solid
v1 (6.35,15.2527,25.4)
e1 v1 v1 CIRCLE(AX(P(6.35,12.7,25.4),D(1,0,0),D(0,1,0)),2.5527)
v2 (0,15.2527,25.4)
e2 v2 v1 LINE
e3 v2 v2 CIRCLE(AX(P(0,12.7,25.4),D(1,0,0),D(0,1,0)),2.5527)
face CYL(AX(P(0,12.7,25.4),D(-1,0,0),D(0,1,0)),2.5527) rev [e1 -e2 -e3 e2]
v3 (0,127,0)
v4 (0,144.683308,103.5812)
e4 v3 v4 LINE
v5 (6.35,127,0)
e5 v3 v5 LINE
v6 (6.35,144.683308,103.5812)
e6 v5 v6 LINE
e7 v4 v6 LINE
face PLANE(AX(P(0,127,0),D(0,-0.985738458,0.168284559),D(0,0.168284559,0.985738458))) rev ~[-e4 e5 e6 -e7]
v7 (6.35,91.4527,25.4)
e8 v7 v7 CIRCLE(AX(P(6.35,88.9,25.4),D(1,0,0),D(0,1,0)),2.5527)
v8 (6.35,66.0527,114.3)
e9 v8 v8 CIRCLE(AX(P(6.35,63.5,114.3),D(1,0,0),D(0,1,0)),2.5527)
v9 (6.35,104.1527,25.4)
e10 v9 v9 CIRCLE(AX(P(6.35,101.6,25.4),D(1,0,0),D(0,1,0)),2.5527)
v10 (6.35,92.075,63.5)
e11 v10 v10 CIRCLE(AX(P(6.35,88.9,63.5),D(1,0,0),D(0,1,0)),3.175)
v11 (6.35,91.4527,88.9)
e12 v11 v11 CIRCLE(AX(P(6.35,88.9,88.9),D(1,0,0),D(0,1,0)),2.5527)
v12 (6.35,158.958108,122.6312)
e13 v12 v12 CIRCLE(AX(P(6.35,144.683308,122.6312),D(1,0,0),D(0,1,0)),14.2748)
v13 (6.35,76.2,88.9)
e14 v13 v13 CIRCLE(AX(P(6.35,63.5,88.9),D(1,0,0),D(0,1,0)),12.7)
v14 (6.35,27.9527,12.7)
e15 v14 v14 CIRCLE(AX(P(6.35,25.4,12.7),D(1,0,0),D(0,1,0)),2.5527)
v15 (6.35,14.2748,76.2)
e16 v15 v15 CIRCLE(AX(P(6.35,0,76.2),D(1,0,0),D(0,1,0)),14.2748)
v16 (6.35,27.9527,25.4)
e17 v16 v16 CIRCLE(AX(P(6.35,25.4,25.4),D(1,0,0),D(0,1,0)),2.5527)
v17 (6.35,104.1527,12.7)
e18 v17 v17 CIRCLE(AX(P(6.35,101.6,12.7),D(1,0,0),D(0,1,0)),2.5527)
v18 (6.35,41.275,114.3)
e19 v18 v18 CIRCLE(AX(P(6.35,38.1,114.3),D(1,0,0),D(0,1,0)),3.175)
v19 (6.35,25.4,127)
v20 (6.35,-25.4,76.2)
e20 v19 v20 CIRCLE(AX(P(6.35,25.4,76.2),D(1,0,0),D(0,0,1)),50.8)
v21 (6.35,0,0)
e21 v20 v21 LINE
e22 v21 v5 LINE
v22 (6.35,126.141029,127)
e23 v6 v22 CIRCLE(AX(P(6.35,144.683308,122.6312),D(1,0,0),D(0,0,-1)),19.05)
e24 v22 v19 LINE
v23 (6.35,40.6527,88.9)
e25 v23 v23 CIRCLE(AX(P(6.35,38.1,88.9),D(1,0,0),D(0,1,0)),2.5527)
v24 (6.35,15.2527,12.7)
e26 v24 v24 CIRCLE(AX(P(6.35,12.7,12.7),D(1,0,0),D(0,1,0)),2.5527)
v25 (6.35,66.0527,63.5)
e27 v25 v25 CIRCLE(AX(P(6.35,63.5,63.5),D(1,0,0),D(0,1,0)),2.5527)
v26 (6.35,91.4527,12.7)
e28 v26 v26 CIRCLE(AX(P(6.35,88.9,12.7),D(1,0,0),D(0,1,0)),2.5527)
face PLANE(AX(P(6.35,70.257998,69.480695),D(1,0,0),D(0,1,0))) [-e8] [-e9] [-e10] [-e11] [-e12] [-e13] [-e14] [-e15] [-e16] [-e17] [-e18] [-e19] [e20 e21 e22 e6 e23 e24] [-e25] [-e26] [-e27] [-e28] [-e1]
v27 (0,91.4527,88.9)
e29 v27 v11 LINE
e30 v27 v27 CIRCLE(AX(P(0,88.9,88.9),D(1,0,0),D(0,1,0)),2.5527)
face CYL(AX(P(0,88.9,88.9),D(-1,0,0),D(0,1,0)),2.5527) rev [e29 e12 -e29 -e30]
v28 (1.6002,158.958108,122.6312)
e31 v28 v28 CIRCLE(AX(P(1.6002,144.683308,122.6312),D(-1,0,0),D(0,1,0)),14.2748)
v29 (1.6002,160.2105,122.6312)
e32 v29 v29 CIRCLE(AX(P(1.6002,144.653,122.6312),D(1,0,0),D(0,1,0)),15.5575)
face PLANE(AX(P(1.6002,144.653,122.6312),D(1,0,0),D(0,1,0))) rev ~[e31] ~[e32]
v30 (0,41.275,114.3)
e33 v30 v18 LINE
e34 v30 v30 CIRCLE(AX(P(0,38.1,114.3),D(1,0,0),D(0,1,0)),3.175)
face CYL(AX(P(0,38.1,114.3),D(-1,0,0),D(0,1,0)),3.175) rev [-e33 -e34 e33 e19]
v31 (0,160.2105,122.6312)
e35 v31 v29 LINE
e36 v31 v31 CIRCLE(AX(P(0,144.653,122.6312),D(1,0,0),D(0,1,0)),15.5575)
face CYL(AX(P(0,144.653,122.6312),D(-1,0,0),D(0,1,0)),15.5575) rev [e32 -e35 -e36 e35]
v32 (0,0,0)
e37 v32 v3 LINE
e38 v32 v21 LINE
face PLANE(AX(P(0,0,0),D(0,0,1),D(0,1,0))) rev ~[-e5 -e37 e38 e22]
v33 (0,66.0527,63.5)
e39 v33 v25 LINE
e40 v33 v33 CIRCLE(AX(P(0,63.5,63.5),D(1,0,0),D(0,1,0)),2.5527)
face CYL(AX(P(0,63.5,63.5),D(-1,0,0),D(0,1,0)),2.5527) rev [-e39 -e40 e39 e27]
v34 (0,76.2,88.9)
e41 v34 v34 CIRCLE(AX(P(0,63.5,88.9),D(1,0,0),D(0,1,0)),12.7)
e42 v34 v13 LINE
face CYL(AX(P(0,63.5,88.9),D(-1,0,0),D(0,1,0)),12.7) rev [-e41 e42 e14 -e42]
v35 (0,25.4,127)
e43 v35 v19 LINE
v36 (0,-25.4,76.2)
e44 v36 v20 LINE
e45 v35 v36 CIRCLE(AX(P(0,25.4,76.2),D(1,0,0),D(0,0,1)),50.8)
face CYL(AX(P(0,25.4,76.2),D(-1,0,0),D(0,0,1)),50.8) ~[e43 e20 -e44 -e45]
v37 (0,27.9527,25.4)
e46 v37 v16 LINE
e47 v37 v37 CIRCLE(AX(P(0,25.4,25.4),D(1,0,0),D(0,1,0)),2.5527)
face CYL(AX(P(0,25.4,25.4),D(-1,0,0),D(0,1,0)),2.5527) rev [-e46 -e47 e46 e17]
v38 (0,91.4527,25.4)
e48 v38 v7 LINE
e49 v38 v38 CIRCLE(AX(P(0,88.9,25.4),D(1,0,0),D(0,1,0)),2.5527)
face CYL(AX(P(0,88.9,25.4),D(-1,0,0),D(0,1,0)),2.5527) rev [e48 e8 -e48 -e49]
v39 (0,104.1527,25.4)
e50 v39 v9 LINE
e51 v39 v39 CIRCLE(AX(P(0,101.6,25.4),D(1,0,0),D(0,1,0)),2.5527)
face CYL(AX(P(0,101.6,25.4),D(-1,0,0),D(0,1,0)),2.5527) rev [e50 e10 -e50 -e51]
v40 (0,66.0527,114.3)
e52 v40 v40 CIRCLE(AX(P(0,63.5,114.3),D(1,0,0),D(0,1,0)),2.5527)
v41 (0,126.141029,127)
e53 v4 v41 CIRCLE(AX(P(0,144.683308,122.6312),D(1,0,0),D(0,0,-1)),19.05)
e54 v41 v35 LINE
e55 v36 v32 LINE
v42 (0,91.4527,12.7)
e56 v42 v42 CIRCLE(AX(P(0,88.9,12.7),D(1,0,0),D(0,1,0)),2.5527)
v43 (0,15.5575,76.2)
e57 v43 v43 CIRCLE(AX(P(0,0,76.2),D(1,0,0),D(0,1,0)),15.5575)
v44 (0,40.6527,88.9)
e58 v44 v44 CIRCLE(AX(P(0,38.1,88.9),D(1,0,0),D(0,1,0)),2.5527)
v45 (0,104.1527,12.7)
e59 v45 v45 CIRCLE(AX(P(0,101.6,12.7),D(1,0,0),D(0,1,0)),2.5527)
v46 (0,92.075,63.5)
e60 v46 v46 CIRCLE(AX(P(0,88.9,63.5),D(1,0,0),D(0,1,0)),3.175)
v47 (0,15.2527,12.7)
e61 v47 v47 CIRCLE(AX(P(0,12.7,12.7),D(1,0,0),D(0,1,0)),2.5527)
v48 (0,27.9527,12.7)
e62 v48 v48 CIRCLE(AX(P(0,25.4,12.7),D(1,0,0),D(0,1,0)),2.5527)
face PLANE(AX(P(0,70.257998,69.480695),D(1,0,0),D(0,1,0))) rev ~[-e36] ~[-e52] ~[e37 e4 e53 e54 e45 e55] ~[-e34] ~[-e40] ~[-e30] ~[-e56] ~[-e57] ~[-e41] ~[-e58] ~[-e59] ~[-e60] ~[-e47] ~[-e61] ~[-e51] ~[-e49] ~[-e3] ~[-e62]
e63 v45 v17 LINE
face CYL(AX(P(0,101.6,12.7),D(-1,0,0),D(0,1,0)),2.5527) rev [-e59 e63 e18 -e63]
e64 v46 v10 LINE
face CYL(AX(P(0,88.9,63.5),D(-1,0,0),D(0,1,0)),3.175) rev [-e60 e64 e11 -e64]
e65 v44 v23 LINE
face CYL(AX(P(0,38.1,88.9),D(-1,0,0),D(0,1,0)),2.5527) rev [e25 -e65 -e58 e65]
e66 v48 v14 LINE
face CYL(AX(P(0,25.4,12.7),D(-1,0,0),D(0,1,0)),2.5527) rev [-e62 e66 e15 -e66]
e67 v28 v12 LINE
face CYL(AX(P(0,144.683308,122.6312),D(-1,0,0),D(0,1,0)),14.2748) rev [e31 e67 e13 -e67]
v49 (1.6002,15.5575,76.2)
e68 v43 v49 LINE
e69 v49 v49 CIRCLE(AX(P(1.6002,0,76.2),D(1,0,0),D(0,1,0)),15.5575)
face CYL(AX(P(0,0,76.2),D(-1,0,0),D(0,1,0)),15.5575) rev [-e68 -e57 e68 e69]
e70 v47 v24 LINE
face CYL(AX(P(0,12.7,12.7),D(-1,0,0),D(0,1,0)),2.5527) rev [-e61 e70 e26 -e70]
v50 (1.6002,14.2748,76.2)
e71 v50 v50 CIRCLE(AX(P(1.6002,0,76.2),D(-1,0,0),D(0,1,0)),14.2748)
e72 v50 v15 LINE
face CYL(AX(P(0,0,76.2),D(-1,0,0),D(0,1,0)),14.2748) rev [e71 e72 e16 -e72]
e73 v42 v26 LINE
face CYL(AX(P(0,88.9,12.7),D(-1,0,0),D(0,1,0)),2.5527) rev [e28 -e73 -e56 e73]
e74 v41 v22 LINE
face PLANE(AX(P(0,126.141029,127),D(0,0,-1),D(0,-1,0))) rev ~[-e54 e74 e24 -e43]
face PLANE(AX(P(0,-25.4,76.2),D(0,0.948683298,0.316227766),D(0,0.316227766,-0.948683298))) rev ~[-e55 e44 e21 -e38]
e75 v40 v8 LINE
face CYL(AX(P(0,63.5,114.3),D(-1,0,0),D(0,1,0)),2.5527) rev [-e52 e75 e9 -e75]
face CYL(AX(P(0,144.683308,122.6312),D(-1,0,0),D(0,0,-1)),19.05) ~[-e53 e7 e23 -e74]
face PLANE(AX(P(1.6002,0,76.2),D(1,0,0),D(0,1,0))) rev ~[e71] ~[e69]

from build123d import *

# Parameters (mm, degrees)
F0_R     = 2.5527
F0_R_2   = 3.175
F0_R_3   = 14.2748
F0_R_4   = 12.7
F1_DEPTH = 6.35
F2_R     = 15.5575
F3_DEPTH = 1.6002


with BuildPart() as f1:
    # F0 (on Right) → F1 (new body)
    with BuildSketch(Plane.YZ):
        with BuildLine():
            Line((126.1410294417, 127), (25.4, 127))
            ThreePointArc((25.4, 127), (-10.5210244843, 112.1210244843), (-25.4, 76.2))
            Line((-25.4, 76.2), (0, 0))
            Line((0, 0), (12.7, 0))
            Line((12.7, 0), (25.4, 0))
            Line((25.4, 0), (101.6, 0))
            Line((101.6, 0), (127, 0))
            Line((127, 0), (144.6833077958, 103.5812))
            ThreePointArc((144.6833077958, 103.5812), (159.618637387, 134.4565300165), (126.1410294417, 127))
        make_face()
        with Locations((12.7, 12.7)):
            Circle(F0_R, mode=Mode.SUBTRACT)
        with Locations((12.7, 25.4)):
            Circle(F0_R, mode=Mode.SUBTRACT)
        with Locations((25.4, 12.7)):
            Circle(F0_R, mode=Mode.SUBTRACT)
        with Locations((25.4, 25.4)):
            Circle(F0_R, mode=Mode.SUBTRACT)
        with Locations((63.5, 63.5)):
            Circle(F0_R, mode=Mode.SUBTRACT)
        with Locations((88.9, 12.7)):
            Circle(F0_R, mode=Mode.SUBTRACT)
        with Locations((101.6, 12.7)):
            Circle(F0_R, mode=Mode.SUBTRACT)
        with Locations((88.9, 25.4)):
            Circle(F0_R, mode=Mode.SUBTRACT)
        with Locations((101.6, 25.4)):
            Circle(F0_R, mode=Mode.SUBTRACT)
        with Locations((88.9, 63.5)):
            Circle(F0_R_2, mode=Mode.SUBTRACT)
        with Locations((0, 76.2)):
            Circle(F0_R_3, mode=Mode.SUBTRACT)
        with Locations((38.1, 88.9)):
            Circle(F0_R, mode=Mode.SUBTRACT)
        with Locations((63.5, 88.9)):
            Circle(F0_R_4, mode=Mode.SUBTRACT)
        with Locations((38.1, 114.3)):
            Circle(F0_R_2, mode=Mode.SUBTRACT)
        with Locations((63.5, 114.3)):
            Circle(F0_R, mode=Mode.SUBTRACT)
        with Locations((88.9, 88.9)):
            Circle(F0_R, mode=Mode.SUBTRACT)
        with Locations((144.6833077958, 122.6312)):
            Circle(F0_R_3, mode=Mode.SUBTRACT)
    extrude(amount=F1_DEPTH)

    # F2 (on Right) → F3 (cut)
    with BuildSketch(Plane.YZ):
        with Locations((0, 76.2)):
            Circle(F2_R)
        with Locations((144.653, 122.6312)):
            Circle(F2_R)
    extrude(amount=F3_DEPTH, mode=Mode.SUBTRACT)


solid = f1.part
